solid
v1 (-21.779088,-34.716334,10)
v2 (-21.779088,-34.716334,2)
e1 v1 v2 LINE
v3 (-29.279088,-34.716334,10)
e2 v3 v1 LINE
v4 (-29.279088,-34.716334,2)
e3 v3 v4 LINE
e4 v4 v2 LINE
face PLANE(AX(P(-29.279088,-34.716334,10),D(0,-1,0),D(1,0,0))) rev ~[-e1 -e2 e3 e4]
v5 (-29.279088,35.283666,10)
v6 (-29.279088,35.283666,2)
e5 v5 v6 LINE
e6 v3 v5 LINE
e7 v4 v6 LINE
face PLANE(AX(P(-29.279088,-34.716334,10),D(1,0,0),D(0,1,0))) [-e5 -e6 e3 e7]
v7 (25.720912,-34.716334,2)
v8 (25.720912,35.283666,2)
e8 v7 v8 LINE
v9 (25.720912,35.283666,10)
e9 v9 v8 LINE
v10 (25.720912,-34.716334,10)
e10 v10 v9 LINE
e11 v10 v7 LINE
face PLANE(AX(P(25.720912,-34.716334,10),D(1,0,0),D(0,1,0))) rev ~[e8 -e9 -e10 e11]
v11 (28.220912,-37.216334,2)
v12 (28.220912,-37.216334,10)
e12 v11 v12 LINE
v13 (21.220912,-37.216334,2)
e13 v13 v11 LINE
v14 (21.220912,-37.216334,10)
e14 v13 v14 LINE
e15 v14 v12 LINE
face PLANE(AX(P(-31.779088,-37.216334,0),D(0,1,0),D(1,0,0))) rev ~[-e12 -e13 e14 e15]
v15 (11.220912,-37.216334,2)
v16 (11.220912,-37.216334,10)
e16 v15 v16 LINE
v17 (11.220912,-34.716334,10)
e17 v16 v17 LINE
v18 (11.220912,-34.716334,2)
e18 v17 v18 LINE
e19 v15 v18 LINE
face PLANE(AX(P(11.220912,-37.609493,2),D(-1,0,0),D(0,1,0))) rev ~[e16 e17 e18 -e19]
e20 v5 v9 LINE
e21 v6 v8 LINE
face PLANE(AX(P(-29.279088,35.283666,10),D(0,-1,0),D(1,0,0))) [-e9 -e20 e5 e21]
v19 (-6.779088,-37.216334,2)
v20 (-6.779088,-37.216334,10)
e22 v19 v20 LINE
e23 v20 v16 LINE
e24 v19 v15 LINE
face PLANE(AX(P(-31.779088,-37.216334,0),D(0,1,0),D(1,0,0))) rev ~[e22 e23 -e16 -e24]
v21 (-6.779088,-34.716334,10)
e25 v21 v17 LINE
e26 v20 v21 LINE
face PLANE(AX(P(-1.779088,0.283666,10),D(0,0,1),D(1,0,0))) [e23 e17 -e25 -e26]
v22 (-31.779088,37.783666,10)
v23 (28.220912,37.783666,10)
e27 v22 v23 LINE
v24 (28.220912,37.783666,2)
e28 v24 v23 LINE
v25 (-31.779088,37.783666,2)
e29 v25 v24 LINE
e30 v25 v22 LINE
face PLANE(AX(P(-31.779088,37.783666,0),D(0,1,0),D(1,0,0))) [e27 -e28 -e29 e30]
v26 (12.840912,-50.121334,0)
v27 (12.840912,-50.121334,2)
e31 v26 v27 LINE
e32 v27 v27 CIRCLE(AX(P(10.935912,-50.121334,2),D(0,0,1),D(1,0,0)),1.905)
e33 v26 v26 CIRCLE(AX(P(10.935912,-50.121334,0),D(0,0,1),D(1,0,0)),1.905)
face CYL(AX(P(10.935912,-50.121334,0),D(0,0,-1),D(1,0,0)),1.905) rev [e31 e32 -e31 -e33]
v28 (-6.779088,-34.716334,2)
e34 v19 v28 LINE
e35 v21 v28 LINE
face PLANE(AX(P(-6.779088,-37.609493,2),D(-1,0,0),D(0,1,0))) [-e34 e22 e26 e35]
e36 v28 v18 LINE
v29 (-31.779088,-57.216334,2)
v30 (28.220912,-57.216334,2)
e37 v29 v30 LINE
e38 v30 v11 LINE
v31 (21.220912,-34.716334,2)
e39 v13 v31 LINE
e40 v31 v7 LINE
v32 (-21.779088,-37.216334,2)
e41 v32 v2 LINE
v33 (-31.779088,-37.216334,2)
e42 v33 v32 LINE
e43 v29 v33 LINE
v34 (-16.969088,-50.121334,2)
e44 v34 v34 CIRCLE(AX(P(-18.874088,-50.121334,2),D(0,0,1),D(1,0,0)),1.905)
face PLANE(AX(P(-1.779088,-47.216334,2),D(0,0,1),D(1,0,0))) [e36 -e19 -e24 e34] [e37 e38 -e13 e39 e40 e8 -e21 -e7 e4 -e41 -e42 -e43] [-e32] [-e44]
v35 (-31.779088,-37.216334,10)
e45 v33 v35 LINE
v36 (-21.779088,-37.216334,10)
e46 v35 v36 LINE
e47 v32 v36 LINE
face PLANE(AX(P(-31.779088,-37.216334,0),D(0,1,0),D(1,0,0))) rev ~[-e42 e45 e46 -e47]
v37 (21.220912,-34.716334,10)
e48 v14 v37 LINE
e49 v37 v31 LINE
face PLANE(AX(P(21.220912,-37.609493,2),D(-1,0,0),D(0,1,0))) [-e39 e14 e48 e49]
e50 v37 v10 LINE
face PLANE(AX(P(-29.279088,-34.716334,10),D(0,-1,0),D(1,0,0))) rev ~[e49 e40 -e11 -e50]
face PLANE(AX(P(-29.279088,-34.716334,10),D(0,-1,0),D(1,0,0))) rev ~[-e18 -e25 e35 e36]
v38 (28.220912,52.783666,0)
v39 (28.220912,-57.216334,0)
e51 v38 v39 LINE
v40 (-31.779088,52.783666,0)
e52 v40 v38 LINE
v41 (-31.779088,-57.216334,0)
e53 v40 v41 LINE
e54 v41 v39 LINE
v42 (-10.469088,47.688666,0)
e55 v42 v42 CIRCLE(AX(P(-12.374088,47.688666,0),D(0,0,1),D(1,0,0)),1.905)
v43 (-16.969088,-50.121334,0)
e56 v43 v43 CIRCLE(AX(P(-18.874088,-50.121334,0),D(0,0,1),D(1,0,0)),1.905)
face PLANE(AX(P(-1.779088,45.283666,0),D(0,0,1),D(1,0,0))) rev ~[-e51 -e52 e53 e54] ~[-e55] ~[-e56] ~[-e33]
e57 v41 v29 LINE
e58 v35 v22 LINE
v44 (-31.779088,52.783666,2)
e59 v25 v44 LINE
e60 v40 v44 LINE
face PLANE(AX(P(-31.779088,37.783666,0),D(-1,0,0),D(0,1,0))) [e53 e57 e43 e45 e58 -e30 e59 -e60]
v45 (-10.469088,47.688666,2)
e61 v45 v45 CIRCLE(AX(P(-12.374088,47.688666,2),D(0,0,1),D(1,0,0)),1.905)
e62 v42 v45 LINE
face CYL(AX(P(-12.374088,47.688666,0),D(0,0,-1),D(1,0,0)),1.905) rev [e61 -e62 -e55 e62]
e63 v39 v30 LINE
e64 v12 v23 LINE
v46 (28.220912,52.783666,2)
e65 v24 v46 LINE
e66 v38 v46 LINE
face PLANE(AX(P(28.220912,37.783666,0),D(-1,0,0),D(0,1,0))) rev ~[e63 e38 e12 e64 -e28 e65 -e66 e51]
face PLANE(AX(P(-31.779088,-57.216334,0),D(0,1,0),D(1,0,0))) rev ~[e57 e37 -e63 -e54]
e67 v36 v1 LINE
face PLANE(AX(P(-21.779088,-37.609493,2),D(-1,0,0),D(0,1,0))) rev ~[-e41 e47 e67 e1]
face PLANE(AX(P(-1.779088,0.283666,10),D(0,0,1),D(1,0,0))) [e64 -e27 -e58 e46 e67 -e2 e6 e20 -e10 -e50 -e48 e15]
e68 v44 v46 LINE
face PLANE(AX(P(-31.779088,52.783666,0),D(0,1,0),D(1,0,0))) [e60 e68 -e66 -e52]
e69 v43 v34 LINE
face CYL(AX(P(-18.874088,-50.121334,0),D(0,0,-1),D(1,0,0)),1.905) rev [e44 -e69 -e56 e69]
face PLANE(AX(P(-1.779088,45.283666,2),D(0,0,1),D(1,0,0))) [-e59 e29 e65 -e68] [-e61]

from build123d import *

# Parameters (mm, degrees)
F0_W     = 60
F0_H     = 75
F1_DEPTH = 10
F2_W     = 55
F2_H     = 70
F3_DEPTH = 8
F4_W     = 15
F4_H     = 3.129633
F4_W_2   = 10
F5_DEPTH = 8
F6_W     = 60
F6_H     = 20
F6_R     = 1.905
F7_DEPTH = 2
F8_W     = 60
F8_H     = 15
F8_R     = 1.905
F9_DEPTH = 2


with BuildPart() as f1:
    # F0 (on Top) → F1 (new body)
    with BuildSketch(Plane.XY):
        with Locations((-1.779088, 0.283666)):
            Rectangle(F0_W, F0_H)
    extrude(amount=F1_DEPTH)

    # F2 (on face) → F3 (cut)
    with BuildSketch(Plane.XY.offset(10)):
        with Locations((-1.779088, 0.283666)):
            Rectangle(F2_W, F2_H)
    extrude(amount=-F3_DEPTH, mode=Mode.SUBTRACT)

    # F4 (on face) → F5 (cut)
    with BuildSketch(Plane.XY.offset(2)):
        with Locations((-14.279088, -36.044677)):
            Rectangle(F4_W, F4_H)
        with Locations((16.220912, -36.044677)):
            Rectangle(F4_W_2, F4_H)
    extrude(amount=F5_DEPTH, mode=Mode.SUBTRACT)

    # F6 (on Top) → F7 (join)
    with BuildSketch(Plane.XY):
        with Locations((-1.779088, -47.216334)):
            Rectangle(F6_W, F6_H)
        with Locations((-18.874088, -50.121334)):
            Circle(F6_R, mode=Mode.SUBTRACT)
        with Locations((10.935912, -50.121334)):
            Circle(F6_R, mode=Mode.SUBTRACT)
    extrude(amount=F7_DEPTH)

    # F8 (on Top) → F9 (join)
    with BuildSketch(Plane.XY):
        with Locations((-1.779088, 45.283666)):
            Rectangle(F8_W, F8_H)
        with Locations((-12.374088, 47.688666)):
            Circle(F8_R, mode=Mode.SUBTRACT)
    extrude(amount=F9_DEPTH)


solid = f1.part
